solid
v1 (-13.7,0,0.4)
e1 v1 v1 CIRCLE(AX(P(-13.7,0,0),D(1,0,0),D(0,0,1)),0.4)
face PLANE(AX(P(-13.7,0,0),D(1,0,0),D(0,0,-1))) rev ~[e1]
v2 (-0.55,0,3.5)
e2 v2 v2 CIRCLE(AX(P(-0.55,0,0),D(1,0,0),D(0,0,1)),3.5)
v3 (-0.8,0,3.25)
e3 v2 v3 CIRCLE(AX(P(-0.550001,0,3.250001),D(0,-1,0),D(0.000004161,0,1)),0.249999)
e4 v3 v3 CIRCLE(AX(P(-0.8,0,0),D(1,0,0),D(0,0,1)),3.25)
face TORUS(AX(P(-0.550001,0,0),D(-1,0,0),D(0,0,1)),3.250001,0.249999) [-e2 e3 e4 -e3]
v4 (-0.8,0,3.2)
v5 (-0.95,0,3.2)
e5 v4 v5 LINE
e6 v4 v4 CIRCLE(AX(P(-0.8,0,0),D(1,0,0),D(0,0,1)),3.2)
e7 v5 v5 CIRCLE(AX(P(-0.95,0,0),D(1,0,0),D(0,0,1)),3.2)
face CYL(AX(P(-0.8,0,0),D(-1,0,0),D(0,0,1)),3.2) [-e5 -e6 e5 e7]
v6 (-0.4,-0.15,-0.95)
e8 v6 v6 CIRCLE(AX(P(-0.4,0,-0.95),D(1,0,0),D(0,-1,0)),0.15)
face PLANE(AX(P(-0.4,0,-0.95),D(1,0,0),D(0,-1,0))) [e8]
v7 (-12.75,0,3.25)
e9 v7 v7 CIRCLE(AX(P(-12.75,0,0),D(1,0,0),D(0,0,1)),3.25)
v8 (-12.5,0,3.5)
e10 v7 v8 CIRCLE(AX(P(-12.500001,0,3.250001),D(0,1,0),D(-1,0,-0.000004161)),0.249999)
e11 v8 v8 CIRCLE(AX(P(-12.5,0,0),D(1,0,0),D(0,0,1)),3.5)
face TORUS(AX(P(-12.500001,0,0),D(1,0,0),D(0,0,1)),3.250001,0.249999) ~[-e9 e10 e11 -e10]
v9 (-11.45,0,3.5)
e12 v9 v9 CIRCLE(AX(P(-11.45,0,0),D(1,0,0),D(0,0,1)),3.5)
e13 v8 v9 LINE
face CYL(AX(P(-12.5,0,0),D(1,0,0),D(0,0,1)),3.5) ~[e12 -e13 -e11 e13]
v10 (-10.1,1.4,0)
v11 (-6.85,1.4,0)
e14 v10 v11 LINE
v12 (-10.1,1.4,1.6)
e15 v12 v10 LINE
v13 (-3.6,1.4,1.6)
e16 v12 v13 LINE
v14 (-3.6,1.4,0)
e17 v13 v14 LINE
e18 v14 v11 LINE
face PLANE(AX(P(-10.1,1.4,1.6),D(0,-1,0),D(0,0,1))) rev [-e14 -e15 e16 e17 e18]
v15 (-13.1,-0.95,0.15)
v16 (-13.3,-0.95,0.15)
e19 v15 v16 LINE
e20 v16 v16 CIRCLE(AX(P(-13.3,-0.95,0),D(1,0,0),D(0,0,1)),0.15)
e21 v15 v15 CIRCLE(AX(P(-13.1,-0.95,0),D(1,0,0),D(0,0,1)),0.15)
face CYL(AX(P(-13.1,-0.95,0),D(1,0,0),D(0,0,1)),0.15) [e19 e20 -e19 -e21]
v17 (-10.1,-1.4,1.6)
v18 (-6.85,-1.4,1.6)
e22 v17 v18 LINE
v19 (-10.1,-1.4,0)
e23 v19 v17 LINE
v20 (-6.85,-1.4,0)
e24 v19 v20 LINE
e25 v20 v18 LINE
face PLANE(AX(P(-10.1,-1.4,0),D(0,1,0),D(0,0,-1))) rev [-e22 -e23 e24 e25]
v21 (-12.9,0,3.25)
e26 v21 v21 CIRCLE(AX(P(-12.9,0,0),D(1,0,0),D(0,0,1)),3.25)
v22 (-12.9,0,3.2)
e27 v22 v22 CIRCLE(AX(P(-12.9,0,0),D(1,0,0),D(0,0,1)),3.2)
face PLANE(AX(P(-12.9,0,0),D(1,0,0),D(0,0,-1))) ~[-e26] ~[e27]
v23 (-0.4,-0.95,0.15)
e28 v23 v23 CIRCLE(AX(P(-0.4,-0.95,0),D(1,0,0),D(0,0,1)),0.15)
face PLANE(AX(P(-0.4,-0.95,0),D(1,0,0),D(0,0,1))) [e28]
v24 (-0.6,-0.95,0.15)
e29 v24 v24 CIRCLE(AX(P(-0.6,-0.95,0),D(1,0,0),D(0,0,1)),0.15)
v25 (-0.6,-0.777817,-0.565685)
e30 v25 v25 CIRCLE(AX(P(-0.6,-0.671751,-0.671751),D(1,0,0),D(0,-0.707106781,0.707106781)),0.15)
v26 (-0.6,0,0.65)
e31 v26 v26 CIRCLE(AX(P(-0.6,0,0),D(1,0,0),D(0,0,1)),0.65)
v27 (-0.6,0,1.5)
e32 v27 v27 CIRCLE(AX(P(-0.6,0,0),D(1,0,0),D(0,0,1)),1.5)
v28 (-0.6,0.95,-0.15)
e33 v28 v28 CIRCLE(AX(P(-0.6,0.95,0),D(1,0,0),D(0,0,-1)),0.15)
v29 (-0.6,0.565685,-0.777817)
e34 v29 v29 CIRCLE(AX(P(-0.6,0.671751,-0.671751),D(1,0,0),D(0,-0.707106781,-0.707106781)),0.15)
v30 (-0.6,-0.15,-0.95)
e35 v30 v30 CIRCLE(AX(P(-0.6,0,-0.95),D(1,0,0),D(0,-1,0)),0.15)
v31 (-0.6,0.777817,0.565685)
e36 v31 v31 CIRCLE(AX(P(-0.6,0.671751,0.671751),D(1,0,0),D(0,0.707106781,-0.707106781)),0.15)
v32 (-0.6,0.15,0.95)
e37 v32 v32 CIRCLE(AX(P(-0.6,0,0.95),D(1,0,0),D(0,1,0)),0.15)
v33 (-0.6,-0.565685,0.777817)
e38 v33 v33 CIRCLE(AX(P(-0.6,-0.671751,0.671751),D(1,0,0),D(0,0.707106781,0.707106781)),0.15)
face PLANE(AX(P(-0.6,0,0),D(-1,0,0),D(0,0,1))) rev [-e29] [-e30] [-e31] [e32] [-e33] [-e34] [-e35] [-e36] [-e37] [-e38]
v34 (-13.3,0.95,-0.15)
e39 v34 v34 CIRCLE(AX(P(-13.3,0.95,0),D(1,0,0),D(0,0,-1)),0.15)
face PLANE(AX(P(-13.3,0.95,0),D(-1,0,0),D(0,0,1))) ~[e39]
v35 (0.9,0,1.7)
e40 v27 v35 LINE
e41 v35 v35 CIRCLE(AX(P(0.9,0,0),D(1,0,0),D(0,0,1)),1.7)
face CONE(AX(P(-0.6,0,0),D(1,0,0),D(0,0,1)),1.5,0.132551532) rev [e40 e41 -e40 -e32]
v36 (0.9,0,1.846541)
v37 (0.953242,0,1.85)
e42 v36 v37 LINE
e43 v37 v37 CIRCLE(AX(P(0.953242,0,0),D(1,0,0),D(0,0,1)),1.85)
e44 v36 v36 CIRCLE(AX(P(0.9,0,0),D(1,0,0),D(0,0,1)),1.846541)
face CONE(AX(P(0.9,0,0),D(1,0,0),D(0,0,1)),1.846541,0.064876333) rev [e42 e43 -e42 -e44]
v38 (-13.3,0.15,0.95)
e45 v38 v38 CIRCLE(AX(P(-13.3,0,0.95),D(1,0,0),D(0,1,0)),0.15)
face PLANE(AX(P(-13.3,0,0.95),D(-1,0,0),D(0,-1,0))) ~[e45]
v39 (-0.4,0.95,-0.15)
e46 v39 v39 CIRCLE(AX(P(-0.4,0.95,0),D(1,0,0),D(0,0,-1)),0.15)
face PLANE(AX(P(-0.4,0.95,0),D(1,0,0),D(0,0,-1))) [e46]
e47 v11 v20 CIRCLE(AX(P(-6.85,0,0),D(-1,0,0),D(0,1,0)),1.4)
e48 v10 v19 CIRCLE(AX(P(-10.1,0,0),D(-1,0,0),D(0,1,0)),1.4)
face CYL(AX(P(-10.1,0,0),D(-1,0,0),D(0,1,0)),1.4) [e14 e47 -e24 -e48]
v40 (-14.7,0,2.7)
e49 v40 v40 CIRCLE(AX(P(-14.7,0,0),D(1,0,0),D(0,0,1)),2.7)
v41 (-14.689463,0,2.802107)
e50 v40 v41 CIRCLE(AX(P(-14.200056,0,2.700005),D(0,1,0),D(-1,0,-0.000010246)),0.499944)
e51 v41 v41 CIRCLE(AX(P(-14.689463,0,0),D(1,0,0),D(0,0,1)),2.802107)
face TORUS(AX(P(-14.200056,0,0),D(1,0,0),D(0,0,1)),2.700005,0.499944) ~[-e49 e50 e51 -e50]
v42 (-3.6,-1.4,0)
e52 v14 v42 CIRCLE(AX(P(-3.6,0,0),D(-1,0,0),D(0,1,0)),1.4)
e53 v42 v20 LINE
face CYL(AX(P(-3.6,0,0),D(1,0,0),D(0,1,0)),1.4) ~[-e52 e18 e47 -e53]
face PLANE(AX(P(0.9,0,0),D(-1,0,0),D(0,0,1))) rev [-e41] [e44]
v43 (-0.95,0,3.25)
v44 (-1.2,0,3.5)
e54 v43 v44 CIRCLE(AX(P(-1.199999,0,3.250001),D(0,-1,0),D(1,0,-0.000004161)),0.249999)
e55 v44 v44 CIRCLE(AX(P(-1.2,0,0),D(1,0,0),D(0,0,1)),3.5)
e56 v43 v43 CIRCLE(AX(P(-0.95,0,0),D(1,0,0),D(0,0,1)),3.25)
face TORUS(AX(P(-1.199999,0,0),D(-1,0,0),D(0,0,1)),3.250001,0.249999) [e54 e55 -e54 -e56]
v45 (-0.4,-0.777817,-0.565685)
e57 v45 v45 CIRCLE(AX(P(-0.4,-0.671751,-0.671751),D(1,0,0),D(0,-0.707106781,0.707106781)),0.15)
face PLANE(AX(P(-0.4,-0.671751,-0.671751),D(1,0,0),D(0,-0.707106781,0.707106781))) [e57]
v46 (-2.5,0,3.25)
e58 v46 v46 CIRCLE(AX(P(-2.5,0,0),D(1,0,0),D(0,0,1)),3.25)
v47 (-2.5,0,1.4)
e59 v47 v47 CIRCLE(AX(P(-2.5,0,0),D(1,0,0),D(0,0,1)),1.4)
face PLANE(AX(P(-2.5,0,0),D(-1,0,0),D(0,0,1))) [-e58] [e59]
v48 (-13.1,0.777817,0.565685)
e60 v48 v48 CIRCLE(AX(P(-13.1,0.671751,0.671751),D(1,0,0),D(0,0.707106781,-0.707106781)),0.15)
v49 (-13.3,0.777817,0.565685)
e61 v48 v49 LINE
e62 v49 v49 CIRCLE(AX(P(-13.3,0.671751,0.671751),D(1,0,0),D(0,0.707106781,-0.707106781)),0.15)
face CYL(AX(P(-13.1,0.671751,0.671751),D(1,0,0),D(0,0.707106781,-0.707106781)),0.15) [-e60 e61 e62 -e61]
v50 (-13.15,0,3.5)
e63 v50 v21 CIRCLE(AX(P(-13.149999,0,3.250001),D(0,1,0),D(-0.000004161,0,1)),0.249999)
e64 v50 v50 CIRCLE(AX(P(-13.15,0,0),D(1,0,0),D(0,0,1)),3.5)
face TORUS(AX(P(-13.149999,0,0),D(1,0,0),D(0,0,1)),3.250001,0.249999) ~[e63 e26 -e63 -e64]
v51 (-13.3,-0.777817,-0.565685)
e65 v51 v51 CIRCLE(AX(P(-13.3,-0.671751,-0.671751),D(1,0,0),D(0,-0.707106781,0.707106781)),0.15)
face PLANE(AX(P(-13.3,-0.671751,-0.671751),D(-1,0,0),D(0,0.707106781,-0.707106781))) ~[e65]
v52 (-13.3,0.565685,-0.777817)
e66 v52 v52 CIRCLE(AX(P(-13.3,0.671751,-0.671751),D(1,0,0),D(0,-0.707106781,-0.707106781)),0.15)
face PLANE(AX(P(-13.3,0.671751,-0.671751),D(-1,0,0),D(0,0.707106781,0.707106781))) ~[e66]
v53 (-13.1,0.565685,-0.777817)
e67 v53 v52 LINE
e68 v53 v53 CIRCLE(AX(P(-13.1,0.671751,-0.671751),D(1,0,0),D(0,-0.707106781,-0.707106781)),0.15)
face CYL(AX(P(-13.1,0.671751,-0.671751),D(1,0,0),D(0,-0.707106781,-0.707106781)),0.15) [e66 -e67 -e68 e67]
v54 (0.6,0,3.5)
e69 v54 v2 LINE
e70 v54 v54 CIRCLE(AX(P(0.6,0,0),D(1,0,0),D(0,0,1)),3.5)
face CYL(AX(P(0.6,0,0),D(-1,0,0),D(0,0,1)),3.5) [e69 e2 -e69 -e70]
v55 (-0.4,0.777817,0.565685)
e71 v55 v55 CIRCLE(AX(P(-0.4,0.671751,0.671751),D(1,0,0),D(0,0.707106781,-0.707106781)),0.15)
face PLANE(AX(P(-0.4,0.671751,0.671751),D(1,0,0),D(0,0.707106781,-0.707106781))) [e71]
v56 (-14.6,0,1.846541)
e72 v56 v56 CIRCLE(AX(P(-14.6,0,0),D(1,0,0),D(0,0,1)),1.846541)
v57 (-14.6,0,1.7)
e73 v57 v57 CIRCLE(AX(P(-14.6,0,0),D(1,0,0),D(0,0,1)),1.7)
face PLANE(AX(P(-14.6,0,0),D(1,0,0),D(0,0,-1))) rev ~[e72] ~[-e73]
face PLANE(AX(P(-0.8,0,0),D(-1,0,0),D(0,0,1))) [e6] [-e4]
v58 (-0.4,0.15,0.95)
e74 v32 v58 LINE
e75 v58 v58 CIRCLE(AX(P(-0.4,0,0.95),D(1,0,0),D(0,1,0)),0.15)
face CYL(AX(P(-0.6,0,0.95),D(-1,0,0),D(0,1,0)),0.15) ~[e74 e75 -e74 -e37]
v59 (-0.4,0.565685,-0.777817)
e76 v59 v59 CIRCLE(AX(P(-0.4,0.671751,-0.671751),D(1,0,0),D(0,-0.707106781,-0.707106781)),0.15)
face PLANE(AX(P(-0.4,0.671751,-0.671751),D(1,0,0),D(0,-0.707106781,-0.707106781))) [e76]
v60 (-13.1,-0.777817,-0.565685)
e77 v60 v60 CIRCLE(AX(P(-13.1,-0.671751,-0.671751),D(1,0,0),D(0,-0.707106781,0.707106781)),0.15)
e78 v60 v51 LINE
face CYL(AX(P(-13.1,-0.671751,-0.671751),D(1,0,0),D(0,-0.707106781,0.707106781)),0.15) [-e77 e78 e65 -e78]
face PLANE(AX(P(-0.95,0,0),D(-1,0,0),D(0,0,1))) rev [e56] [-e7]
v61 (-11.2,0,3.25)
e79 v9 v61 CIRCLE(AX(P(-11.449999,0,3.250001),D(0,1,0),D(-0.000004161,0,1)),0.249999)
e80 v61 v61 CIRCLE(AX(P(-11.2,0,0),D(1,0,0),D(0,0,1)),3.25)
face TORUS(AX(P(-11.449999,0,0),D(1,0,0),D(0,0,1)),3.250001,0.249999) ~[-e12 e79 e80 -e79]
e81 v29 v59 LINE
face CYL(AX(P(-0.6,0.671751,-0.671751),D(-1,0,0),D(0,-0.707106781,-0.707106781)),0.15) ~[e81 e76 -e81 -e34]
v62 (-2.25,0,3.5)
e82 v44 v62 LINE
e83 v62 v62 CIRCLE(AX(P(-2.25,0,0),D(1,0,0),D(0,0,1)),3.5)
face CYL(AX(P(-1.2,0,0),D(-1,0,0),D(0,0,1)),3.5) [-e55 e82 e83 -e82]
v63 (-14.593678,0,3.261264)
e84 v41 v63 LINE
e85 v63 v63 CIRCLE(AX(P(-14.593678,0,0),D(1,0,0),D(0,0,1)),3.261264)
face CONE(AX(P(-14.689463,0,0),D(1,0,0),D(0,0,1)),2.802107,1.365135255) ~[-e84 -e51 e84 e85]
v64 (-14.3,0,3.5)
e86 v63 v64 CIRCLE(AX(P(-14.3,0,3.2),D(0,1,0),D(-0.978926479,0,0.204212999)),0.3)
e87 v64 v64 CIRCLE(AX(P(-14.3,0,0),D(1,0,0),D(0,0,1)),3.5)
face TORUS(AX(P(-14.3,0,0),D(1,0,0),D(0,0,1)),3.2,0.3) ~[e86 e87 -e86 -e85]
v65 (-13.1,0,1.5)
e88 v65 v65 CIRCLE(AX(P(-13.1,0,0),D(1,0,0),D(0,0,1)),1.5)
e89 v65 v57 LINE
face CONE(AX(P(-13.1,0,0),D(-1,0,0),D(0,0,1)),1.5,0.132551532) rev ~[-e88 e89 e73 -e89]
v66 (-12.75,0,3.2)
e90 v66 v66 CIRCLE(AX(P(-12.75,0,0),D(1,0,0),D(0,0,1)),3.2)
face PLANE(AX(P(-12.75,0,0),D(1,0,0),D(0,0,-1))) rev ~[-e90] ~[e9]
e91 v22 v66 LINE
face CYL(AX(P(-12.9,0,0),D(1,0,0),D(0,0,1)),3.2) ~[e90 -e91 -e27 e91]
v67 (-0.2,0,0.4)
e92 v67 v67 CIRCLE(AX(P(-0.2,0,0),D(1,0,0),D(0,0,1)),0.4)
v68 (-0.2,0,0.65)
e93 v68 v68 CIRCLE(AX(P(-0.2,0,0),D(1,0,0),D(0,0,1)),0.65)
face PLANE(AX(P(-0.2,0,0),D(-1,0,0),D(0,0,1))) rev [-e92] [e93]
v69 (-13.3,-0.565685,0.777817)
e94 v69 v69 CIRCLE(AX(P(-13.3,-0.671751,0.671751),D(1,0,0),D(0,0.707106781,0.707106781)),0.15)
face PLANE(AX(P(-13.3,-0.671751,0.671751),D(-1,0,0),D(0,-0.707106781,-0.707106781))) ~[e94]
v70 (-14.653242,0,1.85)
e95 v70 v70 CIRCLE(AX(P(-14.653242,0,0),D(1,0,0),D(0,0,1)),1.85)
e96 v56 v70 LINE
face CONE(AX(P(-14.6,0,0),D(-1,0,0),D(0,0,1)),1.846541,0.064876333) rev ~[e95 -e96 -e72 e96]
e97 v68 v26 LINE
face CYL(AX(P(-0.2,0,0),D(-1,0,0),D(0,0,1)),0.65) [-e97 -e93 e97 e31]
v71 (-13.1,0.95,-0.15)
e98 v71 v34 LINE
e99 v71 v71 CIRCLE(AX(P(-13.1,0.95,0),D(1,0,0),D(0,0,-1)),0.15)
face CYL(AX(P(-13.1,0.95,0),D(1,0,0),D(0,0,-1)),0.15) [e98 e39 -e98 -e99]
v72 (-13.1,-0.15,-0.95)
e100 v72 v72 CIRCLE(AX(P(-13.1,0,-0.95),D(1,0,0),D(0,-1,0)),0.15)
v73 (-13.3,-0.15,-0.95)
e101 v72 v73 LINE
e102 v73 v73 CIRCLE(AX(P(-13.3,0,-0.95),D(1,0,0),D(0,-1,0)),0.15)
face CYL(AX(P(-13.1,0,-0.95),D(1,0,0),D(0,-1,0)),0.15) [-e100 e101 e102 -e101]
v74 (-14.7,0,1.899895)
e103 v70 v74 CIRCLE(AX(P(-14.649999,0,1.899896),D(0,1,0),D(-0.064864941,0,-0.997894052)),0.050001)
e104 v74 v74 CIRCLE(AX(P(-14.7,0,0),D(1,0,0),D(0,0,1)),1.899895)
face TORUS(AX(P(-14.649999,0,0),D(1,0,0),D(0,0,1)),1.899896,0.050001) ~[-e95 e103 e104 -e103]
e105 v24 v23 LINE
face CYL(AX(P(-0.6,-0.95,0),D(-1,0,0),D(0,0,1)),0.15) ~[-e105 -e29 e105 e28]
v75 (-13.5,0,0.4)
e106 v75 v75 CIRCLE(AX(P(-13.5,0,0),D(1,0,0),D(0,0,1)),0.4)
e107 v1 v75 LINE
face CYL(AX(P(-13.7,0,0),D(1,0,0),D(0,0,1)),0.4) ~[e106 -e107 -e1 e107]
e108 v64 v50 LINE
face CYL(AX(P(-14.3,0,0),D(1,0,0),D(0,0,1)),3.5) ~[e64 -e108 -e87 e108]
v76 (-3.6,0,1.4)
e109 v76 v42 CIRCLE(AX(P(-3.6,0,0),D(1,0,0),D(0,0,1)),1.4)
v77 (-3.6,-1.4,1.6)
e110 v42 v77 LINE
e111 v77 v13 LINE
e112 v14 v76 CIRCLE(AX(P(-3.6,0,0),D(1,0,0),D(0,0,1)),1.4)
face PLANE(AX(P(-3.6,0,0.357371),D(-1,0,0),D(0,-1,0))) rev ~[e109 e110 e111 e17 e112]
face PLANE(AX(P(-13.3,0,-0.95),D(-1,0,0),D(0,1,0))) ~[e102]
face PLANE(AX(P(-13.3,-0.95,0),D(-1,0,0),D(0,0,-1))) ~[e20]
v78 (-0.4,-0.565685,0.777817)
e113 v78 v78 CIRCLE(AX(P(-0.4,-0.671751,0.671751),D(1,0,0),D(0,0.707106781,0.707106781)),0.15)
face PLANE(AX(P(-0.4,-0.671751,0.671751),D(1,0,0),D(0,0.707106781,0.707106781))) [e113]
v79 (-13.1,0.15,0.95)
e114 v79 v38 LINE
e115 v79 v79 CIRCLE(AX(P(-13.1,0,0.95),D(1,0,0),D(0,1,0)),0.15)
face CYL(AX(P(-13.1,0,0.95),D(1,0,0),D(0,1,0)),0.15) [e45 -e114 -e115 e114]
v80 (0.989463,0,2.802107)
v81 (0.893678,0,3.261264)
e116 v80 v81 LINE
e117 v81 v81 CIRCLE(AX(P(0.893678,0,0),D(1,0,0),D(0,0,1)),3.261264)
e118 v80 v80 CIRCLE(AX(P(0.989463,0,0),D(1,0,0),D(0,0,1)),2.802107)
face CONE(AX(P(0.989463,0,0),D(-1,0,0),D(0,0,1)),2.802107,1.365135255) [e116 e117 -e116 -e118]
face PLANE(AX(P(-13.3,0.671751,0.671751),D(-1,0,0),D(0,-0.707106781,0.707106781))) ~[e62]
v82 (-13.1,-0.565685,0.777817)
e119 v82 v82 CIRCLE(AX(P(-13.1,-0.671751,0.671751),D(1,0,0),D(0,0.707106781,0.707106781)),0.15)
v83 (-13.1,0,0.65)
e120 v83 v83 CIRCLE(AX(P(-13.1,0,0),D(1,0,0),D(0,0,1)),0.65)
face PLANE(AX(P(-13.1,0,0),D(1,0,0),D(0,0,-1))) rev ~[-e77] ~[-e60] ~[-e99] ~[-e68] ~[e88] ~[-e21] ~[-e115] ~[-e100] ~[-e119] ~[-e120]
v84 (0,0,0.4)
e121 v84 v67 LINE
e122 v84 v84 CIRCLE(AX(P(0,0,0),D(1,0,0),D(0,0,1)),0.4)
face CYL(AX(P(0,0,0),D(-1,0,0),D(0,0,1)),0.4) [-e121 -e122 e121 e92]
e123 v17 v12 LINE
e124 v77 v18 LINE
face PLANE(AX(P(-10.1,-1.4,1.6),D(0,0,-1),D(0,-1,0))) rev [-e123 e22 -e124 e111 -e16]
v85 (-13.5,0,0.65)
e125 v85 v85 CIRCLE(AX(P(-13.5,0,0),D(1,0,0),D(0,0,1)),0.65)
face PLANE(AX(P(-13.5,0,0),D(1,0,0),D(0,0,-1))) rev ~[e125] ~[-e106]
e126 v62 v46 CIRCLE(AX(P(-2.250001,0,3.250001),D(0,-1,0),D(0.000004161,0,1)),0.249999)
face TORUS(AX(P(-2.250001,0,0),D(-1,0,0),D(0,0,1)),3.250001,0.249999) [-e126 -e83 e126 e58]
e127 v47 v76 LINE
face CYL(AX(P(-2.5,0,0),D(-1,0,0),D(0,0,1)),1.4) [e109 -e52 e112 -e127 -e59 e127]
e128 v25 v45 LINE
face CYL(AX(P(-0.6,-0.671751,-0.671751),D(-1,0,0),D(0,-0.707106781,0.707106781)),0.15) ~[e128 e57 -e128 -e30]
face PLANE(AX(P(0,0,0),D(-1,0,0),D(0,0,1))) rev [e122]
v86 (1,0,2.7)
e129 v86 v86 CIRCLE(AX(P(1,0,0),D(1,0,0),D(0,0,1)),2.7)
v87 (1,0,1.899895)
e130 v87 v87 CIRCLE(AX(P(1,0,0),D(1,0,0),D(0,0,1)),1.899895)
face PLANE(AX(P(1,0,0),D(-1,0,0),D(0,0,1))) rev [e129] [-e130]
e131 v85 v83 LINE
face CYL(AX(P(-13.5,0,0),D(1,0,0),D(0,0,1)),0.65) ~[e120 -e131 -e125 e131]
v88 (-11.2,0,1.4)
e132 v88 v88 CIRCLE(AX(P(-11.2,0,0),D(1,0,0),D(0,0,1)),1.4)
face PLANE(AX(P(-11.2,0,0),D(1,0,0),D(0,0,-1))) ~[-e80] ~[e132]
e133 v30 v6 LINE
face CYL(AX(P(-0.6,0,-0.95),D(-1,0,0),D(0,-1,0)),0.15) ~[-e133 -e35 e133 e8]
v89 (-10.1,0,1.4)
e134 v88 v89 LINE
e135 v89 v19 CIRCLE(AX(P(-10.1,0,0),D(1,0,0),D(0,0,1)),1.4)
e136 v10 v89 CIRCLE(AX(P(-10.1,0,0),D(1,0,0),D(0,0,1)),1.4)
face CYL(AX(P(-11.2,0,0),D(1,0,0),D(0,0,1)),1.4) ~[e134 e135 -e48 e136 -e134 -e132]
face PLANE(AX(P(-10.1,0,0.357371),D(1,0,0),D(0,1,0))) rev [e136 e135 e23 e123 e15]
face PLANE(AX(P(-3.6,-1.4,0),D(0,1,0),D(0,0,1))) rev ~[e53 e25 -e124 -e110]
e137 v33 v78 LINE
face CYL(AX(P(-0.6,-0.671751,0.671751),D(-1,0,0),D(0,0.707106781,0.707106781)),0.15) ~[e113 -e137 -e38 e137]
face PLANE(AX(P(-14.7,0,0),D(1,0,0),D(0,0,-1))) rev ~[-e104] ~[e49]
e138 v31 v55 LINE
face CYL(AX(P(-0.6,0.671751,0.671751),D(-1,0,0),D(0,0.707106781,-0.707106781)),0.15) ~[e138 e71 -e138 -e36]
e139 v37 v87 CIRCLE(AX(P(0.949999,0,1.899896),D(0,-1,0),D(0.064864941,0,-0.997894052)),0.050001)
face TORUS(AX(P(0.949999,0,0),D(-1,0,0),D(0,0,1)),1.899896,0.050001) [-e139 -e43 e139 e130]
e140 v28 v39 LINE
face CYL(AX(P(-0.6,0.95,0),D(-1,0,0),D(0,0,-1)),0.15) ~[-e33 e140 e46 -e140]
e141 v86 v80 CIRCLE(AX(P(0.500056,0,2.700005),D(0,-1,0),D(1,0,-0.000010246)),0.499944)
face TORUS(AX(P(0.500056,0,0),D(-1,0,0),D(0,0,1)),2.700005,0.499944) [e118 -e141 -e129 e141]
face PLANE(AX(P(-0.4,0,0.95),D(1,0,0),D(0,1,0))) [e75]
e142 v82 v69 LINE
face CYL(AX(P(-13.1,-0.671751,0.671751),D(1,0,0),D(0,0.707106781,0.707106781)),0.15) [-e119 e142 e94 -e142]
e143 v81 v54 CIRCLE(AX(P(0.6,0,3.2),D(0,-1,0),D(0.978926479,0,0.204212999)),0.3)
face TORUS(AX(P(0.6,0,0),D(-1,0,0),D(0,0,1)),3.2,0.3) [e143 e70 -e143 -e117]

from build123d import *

# Parameters (mm, degrees)
F2_R     = 0.15
F3_DEPTH = 0.2
F4_COUNT = 8
F6_DEPTH = 3.25


with BuildPart() as f1:
    # F0 (on Front) → F1 (revolve)
    with BuildSketch(Plane.XZ):
        with BuildLine():
            Line((-3.6, 0), (0, 0))
            Line((0, 0), (0, 0.4))
            Line((0, 0.4), (-0.2, 0.4))
            Line((-0.2, 0.4), (-0.2, 0.65))
            Line((-0.2, 0.65), (-0.6, 0.65))
            Line((-0.6, 0.65), (-0.6, 1.5))
            Line((-0.6, 1.5), (0.9, 1.7))
            Line((0.9, 1.7), (0.9, 1.846541))
            Line((0.9, 1.846541), (0.953242, 1.85))
            ThreePointArc((0.953242, 1.85), (0.986483, 1.865705), (1, 1.899895))
            Line((1, 1.899895), (1, 2.7))
            ThreePointArc((1, 2.7), (0.997359, 2.751325), (0.989463, 2.802107))
            Line((0.989463, 2.802107), (0.893678, 3.261264))
            ThreePointArc((0.893678, 3.261264), (0.789236, 3.432787), (0.6, 3.5))
            Line((0.6, 3.5), (-0.55, 3.5))
            ThreePointArc((-0.55, 3.5), (-0.726777, 3.426777), (-0.8, 3.25))
            Line((-0.8, 3.25), (-0.8, 3.2))
            Line((-0.8, 3.2), (-0.95, 3.2))
            Line((-0.95, 3.2), (-0.95, 3.25))
            ThreePointArc((-0.95, 3.25), (-1.023223, 3.426777), (-1.2, 3.5))
            Line((-1.2, 3.5), (-2.25, 3.5))
            ThreePointArc((-2.25, 3.5), (-2.426777, 3.426777), (-2.5, 3.25))
            Line((-2.5, 3.25), (-2.5, 1.4))
            Line((-2.5, 1.4), (-3.6, 1.4))
            Line((-3.6, 1.4), (-3.6, 0))
        make_face()
    revolve(axis=Axis((-18.178367, 0, 0), (-1, 0, 0)))

    # F2 (on face) → F3 (join)
    with BuildSketch(Plane.YZ.offset(-0.6)):
        with Locations((0, 0.95)):
            Circle(F2_R)
    extrude(amount=F3_DEPTH)

    # F4: F1 ×8 about axis
    f4_axis = Axis((0, 0, 0), (-1, 0, 0))


with BuildPart() as f1_1:
    add(f1.part)
    for i in range(1, F4_COUNT):
        add(f1.part.rotate(f4_axis, i * 360 / F4_COUNT))

    # F5 (on face) → F6 (join)
    with BuildSketch(Plane(origin=(-3.6, 0, 0), x_dir=(0, -1, 0), z_dir=(-1, 0, 0))):
        with BuildLine():
            Line((-1.4, 1.6), (-1.4, 0))
            ThreePointArc((-1.4, 0), (0, -1.4), (1.4, 0))
            Line((1.4, 0), (1.4, 1.6))
            Line((1.4, 1.6), (-1.4, 1.6))
        make_face()
    extrude(amount=F6_DEPTH)

    # F7: F1 across face


with BuildPart() as f1_2:
    add(f1_1.part)
    add(f1_1.part.mirror(Plane(origin=(-6.85, 0, 0.232137), x_dir=(0, -1, 0), z_dir=(-1, 0, 0))))


solid = f1_2.part
